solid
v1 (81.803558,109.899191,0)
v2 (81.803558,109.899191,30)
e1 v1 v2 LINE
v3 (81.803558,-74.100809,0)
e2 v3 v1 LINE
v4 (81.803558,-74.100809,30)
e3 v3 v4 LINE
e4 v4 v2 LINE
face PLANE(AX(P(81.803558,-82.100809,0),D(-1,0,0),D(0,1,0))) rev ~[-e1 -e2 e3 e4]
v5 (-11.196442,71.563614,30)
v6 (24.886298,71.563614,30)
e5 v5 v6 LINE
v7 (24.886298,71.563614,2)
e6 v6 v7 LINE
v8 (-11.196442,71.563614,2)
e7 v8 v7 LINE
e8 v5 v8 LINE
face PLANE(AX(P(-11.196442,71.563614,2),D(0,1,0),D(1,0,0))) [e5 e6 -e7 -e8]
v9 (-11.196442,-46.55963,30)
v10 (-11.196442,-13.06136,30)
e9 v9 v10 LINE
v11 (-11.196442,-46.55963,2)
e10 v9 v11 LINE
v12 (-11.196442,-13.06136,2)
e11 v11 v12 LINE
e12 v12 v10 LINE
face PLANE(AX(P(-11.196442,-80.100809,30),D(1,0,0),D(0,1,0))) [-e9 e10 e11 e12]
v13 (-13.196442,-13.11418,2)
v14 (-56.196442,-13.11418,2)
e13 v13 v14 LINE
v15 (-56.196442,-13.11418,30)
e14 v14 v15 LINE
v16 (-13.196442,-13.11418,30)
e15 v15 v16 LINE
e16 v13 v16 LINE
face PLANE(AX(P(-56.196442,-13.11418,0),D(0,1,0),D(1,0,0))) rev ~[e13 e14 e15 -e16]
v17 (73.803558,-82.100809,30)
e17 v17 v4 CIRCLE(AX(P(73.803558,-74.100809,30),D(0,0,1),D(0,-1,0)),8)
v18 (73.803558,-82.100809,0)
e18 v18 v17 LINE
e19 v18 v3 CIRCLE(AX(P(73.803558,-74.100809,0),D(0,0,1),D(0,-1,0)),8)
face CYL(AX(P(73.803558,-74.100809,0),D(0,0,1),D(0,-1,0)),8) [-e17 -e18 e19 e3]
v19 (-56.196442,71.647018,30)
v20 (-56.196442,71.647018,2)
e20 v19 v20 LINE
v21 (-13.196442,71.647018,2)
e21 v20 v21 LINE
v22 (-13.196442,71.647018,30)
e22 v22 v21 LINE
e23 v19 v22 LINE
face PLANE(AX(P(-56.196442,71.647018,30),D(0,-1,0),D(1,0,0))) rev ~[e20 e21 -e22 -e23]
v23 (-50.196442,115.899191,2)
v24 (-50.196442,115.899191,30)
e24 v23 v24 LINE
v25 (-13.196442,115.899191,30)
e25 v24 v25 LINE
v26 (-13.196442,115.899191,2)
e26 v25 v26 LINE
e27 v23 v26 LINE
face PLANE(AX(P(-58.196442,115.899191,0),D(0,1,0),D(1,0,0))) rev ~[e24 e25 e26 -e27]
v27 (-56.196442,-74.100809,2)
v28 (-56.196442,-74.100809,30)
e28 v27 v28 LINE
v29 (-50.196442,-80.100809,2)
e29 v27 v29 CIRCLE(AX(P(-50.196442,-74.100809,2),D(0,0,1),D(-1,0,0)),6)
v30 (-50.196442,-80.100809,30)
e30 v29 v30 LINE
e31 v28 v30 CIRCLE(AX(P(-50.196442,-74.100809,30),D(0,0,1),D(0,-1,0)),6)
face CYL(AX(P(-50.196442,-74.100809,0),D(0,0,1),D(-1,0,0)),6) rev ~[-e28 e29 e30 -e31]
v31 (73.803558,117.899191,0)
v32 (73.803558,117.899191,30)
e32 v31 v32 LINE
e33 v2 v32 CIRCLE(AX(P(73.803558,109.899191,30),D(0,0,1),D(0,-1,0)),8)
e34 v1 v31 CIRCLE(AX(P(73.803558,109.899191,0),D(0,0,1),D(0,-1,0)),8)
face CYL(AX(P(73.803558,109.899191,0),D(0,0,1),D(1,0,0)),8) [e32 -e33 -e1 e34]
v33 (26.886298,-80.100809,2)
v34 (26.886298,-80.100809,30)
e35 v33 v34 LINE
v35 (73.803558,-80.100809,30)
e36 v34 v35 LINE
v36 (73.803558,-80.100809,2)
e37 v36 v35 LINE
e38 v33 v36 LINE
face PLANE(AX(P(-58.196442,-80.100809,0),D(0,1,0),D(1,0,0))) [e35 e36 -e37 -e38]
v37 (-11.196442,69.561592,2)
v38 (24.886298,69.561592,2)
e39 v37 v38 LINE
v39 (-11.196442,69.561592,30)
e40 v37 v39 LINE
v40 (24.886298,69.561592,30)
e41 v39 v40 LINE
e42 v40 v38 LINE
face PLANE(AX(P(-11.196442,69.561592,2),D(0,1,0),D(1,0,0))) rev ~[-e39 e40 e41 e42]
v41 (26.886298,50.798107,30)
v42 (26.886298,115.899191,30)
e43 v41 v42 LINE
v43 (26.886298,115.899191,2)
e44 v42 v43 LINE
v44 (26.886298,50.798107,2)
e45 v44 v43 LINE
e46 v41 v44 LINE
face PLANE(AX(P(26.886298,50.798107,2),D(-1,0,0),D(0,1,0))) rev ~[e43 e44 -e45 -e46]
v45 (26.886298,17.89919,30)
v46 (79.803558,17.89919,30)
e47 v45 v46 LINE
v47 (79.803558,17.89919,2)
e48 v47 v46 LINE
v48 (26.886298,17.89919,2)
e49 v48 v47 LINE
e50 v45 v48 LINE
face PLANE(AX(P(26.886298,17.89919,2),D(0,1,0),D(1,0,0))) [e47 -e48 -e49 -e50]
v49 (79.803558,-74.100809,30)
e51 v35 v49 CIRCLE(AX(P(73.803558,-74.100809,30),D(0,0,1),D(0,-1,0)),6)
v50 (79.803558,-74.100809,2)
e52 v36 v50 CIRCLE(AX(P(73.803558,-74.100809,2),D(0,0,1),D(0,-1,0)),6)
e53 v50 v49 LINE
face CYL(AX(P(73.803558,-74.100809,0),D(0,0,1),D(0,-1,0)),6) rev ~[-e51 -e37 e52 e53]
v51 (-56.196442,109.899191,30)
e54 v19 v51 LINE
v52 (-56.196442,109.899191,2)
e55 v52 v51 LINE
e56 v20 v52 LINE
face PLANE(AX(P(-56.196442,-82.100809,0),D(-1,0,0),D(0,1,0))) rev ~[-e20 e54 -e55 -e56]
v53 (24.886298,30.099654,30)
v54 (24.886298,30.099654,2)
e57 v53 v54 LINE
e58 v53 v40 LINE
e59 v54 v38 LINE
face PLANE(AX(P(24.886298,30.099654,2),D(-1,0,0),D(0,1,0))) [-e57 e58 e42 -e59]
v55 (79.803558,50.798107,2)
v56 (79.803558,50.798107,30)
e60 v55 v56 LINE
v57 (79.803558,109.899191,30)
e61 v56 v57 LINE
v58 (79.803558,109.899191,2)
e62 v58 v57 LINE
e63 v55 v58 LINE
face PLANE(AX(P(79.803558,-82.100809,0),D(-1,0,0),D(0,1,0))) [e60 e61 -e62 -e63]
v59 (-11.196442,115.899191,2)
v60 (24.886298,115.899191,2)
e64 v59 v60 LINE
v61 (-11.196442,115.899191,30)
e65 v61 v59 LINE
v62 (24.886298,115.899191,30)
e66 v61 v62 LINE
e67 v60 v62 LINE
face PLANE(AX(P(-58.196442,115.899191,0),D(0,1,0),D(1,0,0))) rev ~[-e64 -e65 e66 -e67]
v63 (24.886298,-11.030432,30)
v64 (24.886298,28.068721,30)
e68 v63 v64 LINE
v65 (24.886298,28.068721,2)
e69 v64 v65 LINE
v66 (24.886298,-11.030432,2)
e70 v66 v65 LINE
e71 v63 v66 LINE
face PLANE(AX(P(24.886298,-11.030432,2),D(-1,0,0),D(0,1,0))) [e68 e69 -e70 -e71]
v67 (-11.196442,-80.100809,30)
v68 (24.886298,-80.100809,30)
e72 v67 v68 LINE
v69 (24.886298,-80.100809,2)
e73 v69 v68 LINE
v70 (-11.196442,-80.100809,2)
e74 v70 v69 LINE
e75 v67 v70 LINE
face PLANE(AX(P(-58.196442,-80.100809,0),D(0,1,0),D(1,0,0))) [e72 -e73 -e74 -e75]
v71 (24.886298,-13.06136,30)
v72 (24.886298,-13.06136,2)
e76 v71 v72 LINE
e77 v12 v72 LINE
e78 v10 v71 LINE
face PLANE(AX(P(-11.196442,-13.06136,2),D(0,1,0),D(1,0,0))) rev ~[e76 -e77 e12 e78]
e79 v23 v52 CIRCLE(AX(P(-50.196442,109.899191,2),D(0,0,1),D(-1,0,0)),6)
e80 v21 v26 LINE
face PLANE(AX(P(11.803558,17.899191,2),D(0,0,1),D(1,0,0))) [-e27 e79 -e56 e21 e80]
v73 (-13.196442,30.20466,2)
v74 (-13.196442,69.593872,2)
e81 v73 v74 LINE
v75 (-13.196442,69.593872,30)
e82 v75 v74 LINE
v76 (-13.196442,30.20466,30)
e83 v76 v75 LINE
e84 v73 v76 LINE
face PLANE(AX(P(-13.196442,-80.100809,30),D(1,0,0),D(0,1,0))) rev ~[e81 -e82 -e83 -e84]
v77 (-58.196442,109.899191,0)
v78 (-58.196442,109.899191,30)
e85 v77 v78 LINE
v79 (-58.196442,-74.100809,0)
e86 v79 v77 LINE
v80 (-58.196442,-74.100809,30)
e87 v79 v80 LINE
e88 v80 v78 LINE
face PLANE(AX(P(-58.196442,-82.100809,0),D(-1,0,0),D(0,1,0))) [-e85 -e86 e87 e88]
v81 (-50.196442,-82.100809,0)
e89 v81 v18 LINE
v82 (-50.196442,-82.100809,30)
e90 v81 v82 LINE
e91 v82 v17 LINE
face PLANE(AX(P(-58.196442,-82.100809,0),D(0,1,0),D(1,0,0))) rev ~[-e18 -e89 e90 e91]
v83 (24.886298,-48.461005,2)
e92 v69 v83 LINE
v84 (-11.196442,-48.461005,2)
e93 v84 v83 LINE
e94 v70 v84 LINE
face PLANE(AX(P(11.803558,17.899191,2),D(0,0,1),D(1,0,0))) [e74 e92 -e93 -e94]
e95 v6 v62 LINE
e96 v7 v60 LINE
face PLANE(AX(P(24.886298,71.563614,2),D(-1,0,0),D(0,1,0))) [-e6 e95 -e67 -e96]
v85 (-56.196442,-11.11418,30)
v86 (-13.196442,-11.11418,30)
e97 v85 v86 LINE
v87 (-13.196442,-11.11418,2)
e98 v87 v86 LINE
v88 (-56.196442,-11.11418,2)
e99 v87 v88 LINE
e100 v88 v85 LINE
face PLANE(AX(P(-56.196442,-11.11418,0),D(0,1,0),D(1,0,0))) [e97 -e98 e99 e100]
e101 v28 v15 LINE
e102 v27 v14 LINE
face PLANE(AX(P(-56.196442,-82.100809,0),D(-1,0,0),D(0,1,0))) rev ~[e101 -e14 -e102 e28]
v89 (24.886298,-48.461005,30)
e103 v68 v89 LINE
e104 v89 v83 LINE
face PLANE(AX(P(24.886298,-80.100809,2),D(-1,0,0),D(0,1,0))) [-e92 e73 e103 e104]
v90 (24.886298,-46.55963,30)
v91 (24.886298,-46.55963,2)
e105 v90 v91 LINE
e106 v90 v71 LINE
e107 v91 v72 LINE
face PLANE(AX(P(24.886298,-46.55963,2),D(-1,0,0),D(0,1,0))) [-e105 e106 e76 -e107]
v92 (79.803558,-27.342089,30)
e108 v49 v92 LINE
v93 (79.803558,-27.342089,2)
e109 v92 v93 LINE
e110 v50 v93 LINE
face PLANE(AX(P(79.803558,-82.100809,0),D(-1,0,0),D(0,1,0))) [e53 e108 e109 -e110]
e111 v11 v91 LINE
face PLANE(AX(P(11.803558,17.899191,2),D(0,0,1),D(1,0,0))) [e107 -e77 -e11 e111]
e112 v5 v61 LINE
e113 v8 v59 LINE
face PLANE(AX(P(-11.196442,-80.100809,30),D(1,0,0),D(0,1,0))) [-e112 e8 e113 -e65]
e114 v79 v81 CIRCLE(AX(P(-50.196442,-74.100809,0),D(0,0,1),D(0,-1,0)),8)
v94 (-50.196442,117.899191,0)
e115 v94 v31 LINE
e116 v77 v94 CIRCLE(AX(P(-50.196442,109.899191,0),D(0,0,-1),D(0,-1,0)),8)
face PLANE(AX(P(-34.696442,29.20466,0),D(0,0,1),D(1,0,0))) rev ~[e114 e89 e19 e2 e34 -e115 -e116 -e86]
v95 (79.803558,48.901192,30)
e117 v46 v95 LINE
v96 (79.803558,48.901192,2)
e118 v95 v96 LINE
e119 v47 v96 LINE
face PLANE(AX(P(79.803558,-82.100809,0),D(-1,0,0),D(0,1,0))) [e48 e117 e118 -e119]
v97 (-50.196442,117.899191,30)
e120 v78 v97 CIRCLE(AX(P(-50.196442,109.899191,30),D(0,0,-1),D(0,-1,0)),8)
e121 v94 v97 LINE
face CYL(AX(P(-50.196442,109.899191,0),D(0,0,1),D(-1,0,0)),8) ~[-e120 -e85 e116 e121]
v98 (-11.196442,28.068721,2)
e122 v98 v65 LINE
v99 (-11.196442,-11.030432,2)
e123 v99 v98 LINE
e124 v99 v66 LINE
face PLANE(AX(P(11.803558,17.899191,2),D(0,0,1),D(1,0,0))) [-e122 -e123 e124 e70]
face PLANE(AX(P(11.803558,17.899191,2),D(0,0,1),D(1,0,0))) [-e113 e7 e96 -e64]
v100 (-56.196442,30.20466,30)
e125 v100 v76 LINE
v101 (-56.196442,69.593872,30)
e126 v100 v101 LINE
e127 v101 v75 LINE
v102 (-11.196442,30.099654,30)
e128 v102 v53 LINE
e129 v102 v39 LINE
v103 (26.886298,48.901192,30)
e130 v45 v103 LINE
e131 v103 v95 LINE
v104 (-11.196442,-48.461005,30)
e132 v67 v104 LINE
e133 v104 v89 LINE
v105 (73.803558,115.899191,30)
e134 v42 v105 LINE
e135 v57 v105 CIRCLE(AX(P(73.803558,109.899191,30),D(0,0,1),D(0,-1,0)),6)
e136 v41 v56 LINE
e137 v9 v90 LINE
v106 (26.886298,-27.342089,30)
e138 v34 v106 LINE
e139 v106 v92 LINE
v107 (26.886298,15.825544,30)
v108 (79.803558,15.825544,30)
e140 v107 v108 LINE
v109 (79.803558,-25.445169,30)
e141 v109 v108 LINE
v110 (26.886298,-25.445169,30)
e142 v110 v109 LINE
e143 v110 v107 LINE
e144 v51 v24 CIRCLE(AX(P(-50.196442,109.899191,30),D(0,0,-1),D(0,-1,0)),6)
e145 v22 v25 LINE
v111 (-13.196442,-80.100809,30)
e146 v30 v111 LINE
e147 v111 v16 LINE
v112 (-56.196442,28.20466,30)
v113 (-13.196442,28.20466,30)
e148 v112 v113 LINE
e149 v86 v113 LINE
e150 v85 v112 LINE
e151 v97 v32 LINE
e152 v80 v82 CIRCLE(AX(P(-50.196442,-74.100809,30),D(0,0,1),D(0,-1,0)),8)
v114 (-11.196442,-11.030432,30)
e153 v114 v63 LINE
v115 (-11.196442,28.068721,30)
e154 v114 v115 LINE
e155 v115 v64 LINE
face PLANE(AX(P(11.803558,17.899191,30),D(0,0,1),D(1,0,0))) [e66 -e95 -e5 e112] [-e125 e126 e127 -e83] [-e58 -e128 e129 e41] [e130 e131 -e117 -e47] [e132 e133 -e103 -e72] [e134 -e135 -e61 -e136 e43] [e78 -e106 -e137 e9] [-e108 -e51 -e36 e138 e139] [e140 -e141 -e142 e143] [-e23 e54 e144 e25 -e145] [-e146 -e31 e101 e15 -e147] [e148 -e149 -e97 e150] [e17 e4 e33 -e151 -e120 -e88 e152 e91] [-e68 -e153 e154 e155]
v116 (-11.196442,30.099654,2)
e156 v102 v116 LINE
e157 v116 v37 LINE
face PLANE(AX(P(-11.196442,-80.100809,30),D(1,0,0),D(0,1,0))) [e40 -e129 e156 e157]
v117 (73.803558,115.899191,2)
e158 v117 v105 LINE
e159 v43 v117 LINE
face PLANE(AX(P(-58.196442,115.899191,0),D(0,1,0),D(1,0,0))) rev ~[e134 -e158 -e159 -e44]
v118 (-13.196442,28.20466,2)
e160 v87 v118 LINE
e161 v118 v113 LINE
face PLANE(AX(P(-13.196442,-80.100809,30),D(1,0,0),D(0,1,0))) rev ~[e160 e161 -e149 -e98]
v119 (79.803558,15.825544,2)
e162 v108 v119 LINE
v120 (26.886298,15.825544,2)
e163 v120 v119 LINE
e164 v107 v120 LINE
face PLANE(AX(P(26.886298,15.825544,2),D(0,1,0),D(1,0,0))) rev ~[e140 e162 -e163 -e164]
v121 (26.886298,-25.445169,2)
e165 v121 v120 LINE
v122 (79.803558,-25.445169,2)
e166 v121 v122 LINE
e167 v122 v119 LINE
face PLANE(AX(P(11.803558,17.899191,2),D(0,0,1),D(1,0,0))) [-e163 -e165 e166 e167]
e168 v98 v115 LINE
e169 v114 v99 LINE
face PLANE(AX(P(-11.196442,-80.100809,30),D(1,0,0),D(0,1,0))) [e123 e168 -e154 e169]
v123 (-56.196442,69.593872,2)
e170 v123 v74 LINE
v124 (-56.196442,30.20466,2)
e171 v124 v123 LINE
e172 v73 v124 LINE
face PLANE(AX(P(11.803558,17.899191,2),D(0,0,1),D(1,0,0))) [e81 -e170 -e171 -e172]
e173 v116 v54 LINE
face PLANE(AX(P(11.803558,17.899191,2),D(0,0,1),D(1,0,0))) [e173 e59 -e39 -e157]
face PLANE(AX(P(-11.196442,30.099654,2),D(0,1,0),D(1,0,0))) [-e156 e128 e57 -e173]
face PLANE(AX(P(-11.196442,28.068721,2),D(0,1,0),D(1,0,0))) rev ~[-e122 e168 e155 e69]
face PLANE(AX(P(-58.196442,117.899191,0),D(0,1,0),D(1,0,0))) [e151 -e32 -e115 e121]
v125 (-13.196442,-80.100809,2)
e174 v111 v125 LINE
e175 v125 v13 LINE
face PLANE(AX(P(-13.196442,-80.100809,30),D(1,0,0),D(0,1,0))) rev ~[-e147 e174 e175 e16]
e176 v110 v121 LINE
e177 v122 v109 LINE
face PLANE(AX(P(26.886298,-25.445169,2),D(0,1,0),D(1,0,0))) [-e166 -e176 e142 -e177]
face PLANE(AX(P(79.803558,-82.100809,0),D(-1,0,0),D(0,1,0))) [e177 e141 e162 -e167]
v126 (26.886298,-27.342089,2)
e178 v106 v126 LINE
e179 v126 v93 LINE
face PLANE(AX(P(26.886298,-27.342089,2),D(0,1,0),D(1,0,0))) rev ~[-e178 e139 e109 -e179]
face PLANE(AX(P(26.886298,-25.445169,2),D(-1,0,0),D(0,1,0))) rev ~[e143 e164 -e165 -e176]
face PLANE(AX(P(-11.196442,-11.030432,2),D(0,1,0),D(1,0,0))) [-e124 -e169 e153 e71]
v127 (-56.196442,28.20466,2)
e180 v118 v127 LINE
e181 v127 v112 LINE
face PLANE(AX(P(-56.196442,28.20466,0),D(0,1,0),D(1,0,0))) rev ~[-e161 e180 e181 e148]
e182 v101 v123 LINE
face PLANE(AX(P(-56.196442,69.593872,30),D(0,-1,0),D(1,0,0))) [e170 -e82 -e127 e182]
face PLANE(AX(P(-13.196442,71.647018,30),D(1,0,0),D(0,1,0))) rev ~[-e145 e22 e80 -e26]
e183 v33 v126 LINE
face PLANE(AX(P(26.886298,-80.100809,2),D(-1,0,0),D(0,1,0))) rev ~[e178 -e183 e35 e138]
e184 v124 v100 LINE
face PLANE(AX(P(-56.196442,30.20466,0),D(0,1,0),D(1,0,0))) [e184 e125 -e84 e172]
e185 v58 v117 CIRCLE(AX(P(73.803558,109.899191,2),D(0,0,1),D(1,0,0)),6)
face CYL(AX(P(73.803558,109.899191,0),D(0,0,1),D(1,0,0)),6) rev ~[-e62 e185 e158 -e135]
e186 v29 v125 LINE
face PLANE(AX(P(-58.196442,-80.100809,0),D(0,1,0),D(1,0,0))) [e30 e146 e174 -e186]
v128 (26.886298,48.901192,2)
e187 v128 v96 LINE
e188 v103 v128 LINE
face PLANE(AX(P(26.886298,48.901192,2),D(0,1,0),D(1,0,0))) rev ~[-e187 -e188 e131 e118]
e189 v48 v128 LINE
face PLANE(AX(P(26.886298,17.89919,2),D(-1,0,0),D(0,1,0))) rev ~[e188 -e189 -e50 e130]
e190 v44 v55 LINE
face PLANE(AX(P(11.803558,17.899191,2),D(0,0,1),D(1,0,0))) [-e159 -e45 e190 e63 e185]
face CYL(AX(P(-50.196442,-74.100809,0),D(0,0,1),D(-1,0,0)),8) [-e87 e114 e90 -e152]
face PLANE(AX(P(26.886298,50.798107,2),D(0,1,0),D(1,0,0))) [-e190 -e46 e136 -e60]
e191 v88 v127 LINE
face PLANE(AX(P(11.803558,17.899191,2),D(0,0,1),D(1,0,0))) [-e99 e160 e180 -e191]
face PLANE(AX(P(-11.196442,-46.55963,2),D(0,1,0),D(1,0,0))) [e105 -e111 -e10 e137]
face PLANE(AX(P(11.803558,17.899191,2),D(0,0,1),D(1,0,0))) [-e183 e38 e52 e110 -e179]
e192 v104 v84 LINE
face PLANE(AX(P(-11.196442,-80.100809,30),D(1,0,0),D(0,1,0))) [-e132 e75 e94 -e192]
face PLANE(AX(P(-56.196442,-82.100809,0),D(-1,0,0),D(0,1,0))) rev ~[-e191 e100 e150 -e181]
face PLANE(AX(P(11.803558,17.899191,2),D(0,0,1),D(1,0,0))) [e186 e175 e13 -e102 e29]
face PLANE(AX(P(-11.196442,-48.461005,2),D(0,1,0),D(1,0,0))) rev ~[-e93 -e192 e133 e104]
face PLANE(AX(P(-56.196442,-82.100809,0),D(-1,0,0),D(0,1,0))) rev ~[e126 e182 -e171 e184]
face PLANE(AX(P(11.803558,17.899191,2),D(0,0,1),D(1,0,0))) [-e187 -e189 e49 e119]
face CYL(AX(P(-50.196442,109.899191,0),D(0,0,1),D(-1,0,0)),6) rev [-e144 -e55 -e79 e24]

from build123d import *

# Parameters (mm, degrees)
SKETCH_W      = 140
SKETCH_H      = 200
PAD_DEPTH     = 30
FILLET_R      = 8
THICKNESS_T   = -2
SKETCH001_W   = 2
SKETCH001_H   = 196
SKETCH001_W_2 = 43
SKETCH001_H_2 = 2.053146
PAD001_DEPTH  = 28
SKETCH002_W   = 2
SKETCH002_H   = 196
SKETCH002_W_2 = 36.08274
SKETCH002_H_2 = 2.002022
SKETCH002_H_3 = 2.030933
SKETCH002_H_4 = 2.030928
SKETCH002_H_5 = 1.901375
SKETCH002_W_3 = 53.704103
SKETCH002_H_6 = 1.896915
SKETCH002_W_4 = 53
SKETCH002_H_7 = 2.073647
SKETCH002_W_5 = 52.91726
SKETCH002_H_8 = 1.89692
PAD002_DEPTH  = 10
PAD003_DEPTH  = 28
SKETCH003_W   = 43
SKETCH003_H   = 2
PAD004_DEPTH  = 30


with BuildPart() as part:
    # Sketch → Pad (new body)
    with BuildSketch(Plane.XY):
        with Locations((11.803558, 17.899191)):
            Rectangle(SKETCH_W, SKETCH_H)
    extrude(amount=PAD_DEPTH)

    # Fillet
    fillet_edges = [part.edges().sort_by_distance(p)[0] for p in [
        (-58.196442, -82.100809, 15),
        (81.803558, -82.100809, 15),
        (81.803558, 117.899191, 15),
        (-58.196442, 117.899191, 15),
    ]]
    fillet(fillet_edges, radius=FILLET_R)

    # Thickness
    thickness_openings = [part.faces().sort_by_distance(p)[0] for p in [
        (11.803558, 17.899191, 30),
    ]]
    offset(amount=THICKNESS_T, openings=thickness_openings)

    # Sketch001 (on Face10 of Thickness) → Pad001 (join)
    with BuildSketch(Plane.XY.offset(30)):
        with Locations((-12.196442, 17.899191)):
            Rectangle(SKETCH001_W, SKETCH001_H)
        with Locations((-34.696442, 70.620445)):
            Rectangle(SKETCH001_W_2, SKETCH001_H_2)
    extrude(amount=-PAD001_DEPTH)

    # Sketch002 (on Face23 of Pad001) → Pad002 (join)
    with BuildSketch(Plane.XY.offset(2)):
        with Locations((25.886298, 17.899191)):
            Rectangle(SKETCH002_W, SKETCH002_H)
        with Locations((6.844928, 70.562603)):
            Rectangle(SKETCH002_W_2, SKETCH002_H_2)
        with Locations((6.844928, 29.084188)):
            Rectangle(SKETCH002_W_2, SKETCH002_H_3)
        with Locations((6.844928, -12.045896)):
            Rectangle(SKETCH002_W_2, SKETCH002_H_4)
        with Locations((6.844928, -47.510318)):
            Rectangle(SKETCH002_W_2, SKETCH002_H_5)
        with Locations((53.738349, 49.849649)):
            Rectangle(SKETCH002_W_3, SKETCH002_H_6)
        with Locations((53.386298, 16.862367)):
            Rectangle(SKETCH002_W_4, SKETCH002_H_7)
        with Locations((53.344928, -26.393629)):
            Rectangle(SKETCH002_W_5, SKETCH002_H_8)
    extrude(amount=PAD002_DEPTH)

    # Sketch002 (on Face23 of Pad001) → Pad003 (join)
    with BuildSketch(Plane.XY.offset(2)):
        with Locations((25.886298, 17.899191)):
            Rectangle(SKETCH002_W, SKETCH002_H)
        with Locations((6.844928, 70.562603)):
            Rectangle(SKETCH002_W_2, SKETCH002_H_2)
        with Locations((6.844928, 29.084188)):
            Rectangle(SKETCH002_W_2, SKETCH002_H_3)
        with Locations((6.844928, -12.045896)):
            Rectangle(SKETCH002_W_2, SKETCH002_H_4)
        with Locations((6.844928, -47.510318)):
            Rectangle(SKETCH002_W_2, SKETCH002_H_5)
        with Locations((53.738349, 49.849649)):
            Rectangle(SKETCH002_W_3, SKETCH002_H_6)
        with Locations((53.386298, 16.862367)):
            Rectangle(SKETCH002_W_4, SKETCH002_H_7)
        with Locations((53.344928, -26.393629)):
            Rectangle(SKETCH002_W_5, SKETCH002_H_8)
    extrude(amount=PAD003_DEPTH)

    # Sketch003 → Pad004 (join)
    with BuildSketch(Plane.XY):
        with Locations((-34.696442, 29.20466)):
            Rectangle(SKETCH003_W, SKETCH003_H)
        with Locations((-34.696442, -12.11418)):
            Rectangle(SKETCH003_W, SKETCH003_H)
    extrude(amount=PAD004_DEPTH)


solid = part.part
